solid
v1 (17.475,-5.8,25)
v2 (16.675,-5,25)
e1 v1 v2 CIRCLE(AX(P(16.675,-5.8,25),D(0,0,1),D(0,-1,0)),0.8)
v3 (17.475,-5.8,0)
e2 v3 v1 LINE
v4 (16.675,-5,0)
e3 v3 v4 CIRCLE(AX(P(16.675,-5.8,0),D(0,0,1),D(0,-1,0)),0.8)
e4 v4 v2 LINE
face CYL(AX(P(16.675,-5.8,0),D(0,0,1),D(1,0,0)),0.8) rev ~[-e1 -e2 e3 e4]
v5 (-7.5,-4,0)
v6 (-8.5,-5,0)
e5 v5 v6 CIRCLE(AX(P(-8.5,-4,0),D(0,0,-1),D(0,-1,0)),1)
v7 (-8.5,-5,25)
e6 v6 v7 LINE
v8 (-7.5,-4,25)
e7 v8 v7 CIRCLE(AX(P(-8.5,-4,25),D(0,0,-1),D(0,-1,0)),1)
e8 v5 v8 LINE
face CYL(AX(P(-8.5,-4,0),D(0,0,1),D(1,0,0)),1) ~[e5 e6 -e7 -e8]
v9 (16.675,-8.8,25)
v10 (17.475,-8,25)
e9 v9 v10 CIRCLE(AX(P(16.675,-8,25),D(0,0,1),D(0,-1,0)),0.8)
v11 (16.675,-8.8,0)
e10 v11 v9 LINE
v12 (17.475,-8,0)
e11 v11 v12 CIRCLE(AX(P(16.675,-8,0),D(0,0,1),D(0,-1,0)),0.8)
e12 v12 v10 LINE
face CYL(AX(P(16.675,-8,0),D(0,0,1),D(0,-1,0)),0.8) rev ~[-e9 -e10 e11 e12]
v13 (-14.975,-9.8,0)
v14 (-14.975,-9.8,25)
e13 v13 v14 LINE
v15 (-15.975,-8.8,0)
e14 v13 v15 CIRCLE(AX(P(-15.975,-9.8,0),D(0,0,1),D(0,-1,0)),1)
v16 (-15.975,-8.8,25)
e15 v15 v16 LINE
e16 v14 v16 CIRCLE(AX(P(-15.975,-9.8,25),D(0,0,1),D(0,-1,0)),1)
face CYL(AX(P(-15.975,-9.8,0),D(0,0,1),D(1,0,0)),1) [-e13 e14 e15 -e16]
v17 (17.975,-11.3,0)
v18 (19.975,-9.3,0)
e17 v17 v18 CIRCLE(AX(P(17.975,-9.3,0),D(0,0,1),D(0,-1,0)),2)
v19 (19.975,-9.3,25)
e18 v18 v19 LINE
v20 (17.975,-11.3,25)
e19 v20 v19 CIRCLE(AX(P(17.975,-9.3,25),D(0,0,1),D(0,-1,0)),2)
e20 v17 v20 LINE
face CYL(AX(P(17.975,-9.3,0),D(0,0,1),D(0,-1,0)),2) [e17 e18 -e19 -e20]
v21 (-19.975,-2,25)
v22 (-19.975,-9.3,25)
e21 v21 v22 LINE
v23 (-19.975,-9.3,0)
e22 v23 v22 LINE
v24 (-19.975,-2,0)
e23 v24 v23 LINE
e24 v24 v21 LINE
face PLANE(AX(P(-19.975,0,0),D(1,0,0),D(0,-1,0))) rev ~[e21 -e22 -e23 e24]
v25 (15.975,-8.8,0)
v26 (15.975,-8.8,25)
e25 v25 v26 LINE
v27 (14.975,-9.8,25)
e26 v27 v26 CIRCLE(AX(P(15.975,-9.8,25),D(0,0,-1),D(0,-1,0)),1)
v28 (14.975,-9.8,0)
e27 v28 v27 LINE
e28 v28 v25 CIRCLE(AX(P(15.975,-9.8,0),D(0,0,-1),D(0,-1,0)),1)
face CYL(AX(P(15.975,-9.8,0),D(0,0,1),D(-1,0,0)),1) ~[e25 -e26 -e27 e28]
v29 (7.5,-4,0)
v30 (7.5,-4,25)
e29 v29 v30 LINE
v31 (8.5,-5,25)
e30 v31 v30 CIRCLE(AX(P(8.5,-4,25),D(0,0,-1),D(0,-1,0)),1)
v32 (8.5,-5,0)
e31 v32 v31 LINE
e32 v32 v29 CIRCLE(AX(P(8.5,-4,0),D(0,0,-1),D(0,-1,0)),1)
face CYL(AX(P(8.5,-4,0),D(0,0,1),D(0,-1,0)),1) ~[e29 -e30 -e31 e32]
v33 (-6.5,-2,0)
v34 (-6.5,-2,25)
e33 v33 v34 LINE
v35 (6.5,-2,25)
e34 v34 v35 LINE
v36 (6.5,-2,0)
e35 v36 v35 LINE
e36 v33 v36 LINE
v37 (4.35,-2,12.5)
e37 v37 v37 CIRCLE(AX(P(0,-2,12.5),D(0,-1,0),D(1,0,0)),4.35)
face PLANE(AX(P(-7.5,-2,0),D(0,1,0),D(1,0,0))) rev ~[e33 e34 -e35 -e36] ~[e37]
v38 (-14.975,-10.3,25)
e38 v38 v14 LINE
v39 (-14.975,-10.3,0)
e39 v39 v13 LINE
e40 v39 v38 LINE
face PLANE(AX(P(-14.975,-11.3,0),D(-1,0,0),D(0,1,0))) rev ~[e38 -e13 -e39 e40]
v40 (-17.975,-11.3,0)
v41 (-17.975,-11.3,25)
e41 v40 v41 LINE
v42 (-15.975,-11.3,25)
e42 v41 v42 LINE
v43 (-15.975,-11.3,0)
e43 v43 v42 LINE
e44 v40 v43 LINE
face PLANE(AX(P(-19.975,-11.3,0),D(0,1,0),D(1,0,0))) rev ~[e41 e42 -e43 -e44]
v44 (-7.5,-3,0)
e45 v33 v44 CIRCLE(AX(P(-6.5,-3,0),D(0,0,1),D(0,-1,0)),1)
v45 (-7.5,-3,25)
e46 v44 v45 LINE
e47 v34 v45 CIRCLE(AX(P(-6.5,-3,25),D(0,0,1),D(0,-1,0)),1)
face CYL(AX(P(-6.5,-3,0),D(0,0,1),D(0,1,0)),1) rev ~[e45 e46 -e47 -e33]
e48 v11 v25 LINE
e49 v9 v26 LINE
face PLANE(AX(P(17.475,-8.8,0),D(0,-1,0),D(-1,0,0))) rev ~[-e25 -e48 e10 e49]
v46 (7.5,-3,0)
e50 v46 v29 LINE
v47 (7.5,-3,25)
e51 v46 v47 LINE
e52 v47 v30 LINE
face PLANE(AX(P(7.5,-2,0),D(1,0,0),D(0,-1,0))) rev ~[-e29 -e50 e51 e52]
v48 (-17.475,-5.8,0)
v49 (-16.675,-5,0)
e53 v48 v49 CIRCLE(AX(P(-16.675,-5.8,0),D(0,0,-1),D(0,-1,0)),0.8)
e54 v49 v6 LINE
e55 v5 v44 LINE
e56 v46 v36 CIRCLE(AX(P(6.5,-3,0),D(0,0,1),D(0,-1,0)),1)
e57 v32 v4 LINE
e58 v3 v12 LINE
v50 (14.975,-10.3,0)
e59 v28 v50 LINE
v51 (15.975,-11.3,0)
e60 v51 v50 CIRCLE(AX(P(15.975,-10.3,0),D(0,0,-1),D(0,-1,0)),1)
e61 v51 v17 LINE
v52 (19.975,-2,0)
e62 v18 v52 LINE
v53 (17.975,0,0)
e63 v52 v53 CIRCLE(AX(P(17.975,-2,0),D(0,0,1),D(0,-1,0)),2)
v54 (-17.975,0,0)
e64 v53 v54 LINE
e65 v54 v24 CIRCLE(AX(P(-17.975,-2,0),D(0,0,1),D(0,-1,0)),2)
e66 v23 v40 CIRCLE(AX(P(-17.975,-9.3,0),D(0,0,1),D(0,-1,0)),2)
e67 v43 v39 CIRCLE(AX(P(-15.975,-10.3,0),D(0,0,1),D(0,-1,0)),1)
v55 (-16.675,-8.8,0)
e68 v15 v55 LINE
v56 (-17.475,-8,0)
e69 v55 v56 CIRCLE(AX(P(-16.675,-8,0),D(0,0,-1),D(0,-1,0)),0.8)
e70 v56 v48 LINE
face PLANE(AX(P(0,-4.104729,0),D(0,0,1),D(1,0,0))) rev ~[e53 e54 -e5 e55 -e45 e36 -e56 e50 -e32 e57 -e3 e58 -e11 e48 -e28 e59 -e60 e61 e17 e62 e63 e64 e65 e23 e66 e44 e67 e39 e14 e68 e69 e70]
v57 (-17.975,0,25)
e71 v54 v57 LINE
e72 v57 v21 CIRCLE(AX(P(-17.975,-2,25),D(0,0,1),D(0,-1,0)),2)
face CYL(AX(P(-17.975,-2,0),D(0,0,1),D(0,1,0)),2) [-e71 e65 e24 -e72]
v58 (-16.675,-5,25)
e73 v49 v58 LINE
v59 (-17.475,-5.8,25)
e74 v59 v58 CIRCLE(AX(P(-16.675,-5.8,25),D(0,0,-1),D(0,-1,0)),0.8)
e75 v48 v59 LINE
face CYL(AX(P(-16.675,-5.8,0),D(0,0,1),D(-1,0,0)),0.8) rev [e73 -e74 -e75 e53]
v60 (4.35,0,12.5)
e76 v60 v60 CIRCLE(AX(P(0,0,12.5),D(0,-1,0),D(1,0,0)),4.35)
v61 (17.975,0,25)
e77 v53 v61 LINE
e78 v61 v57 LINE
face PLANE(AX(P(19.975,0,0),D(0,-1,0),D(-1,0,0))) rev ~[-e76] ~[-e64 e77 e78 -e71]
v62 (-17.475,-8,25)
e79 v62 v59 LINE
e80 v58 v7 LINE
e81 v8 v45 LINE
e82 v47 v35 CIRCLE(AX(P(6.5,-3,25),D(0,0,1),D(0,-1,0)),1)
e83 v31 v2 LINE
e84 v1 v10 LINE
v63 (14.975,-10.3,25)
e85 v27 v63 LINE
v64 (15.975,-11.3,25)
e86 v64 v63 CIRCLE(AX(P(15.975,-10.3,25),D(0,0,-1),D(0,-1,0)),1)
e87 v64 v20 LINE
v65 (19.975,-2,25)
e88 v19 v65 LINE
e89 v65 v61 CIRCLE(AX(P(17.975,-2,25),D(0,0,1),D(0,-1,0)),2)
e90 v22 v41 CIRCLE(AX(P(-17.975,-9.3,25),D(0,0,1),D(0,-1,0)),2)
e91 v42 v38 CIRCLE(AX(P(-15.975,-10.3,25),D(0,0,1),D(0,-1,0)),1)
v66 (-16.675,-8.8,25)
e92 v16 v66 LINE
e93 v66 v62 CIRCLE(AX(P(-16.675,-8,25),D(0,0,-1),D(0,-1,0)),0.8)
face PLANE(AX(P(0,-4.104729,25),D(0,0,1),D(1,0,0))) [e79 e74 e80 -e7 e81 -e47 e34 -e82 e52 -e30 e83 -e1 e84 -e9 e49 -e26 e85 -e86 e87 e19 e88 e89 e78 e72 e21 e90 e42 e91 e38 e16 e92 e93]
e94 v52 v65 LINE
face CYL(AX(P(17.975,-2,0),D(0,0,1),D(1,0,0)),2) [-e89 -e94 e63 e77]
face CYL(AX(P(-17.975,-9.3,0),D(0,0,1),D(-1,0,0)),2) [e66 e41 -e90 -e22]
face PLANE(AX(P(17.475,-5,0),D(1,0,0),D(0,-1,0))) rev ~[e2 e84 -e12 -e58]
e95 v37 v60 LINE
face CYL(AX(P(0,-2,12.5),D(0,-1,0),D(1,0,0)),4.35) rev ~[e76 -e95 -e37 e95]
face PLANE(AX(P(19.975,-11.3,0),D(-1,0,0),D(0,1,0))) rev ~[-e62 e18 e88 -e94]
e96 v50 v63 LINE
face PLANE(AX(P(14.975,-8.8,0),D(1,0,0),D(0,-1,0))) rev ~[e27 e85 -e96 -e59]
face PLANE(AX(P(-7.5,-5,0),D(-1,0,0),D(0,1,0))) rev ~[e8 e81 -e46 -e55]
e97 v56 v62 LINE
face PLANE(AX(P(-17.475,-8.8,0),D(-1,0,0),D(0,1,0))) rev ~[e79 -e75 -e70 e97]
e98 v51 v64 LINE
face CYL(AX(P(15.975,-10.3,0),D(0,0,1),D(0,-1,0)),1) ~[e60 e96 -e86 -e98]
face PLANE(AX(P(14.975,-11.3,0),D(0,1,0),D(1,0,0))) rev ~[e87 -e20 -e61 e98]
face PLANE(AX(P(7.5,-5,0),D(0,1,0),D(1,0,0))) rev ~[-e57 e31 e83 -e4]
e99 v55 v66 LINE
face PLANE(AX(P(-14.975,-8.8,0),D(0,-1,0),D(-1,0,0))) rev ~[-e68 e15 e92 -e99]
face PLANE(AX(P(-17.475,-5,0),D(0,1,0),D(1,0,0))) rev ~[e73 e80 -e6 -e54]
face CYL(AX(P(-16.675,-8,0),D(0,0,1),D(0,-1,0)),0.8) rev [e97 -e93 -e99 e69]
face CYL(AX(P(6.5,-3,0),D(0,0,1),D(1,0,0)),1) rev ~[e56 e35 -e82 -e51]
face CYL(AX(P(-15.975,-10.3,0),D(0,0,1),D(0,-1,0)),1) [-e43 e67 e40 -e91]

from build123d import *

# Parameters (mm, degrees)
F1_DEPTH = 25
F2_R     = 2
F3_R     = 1
F4_R     = 0.8
F5_R     = 4.35
F6_DEPTH = 25


with BuildPart() as f1:
    # F0 (on Top) → F1 (new body)
    with BuildSketch(Plane.XY):
        Polygon((-14.975, -11.3), (-14.975, -8.8), (-17.475, -8.8), (-17.475, -5), (-7.5, -5), (-7.5, -2), (0, -2), (7.5, -2), (7.5, -5), (17.475, -5), (17.475, -8.8), (14.975, -8.8), (14.975, -11.3), (19.975, -11.3), (19.975, 0), (0, 0), (-19.975, 0), (-19.975, -11.3), align=None)
    extrude(amount=F1_DEPTH)

    # F2
    f2_edges = [f1.edges().sort_by_distance(p)[0] for p in [
        (-19.975, 0, 12.5),
        (19.975, 0, 12.5),
        (-19.975, -11.3, 12.5),
        (19.975, -11.3, 12.5),
    ]]
    fillet(f2_edges, radius=F2_R)

    # F3
    f3_edges = [f1.edges().sort_by_distance(p)[0] for p in [
        (7.5, -2, 12.5),
        (-7.5, -2, 12.5),
        (7.5, -5, 12.5),
        (-7.5, -5, 12.5),
        (-14.975, -11.3, 12.5),
        (-14.975, -8.8, 12.5),
        (14.975, -8.8, 12.5),
        (14.975, -11.3, 12.5),
    ]]
    fillet(f3_edges, radius=F3_R)

    # F4
    f4_edges = [f1.edges().sort_by_distance(p)[0] for p in [
        (17.475, -5, 12.5),
        (-17.475, -5, 12.5),
        (-17.475, -8.8, 12.5),
        (17.475, -8.8, 12.5),
    ]]
    fillet(f4_edges, radius=F4_R)

    # F5 (on face) → F6 (cut)
    with BuildSketch(Plane.XZ.offset(2)):
        with Locations((0, 12.5)):
            Circle(F5_R)
    extrude(amount=-F6_DEPTH, mode=Mode.SUBTRACT)


solid = f1.part
